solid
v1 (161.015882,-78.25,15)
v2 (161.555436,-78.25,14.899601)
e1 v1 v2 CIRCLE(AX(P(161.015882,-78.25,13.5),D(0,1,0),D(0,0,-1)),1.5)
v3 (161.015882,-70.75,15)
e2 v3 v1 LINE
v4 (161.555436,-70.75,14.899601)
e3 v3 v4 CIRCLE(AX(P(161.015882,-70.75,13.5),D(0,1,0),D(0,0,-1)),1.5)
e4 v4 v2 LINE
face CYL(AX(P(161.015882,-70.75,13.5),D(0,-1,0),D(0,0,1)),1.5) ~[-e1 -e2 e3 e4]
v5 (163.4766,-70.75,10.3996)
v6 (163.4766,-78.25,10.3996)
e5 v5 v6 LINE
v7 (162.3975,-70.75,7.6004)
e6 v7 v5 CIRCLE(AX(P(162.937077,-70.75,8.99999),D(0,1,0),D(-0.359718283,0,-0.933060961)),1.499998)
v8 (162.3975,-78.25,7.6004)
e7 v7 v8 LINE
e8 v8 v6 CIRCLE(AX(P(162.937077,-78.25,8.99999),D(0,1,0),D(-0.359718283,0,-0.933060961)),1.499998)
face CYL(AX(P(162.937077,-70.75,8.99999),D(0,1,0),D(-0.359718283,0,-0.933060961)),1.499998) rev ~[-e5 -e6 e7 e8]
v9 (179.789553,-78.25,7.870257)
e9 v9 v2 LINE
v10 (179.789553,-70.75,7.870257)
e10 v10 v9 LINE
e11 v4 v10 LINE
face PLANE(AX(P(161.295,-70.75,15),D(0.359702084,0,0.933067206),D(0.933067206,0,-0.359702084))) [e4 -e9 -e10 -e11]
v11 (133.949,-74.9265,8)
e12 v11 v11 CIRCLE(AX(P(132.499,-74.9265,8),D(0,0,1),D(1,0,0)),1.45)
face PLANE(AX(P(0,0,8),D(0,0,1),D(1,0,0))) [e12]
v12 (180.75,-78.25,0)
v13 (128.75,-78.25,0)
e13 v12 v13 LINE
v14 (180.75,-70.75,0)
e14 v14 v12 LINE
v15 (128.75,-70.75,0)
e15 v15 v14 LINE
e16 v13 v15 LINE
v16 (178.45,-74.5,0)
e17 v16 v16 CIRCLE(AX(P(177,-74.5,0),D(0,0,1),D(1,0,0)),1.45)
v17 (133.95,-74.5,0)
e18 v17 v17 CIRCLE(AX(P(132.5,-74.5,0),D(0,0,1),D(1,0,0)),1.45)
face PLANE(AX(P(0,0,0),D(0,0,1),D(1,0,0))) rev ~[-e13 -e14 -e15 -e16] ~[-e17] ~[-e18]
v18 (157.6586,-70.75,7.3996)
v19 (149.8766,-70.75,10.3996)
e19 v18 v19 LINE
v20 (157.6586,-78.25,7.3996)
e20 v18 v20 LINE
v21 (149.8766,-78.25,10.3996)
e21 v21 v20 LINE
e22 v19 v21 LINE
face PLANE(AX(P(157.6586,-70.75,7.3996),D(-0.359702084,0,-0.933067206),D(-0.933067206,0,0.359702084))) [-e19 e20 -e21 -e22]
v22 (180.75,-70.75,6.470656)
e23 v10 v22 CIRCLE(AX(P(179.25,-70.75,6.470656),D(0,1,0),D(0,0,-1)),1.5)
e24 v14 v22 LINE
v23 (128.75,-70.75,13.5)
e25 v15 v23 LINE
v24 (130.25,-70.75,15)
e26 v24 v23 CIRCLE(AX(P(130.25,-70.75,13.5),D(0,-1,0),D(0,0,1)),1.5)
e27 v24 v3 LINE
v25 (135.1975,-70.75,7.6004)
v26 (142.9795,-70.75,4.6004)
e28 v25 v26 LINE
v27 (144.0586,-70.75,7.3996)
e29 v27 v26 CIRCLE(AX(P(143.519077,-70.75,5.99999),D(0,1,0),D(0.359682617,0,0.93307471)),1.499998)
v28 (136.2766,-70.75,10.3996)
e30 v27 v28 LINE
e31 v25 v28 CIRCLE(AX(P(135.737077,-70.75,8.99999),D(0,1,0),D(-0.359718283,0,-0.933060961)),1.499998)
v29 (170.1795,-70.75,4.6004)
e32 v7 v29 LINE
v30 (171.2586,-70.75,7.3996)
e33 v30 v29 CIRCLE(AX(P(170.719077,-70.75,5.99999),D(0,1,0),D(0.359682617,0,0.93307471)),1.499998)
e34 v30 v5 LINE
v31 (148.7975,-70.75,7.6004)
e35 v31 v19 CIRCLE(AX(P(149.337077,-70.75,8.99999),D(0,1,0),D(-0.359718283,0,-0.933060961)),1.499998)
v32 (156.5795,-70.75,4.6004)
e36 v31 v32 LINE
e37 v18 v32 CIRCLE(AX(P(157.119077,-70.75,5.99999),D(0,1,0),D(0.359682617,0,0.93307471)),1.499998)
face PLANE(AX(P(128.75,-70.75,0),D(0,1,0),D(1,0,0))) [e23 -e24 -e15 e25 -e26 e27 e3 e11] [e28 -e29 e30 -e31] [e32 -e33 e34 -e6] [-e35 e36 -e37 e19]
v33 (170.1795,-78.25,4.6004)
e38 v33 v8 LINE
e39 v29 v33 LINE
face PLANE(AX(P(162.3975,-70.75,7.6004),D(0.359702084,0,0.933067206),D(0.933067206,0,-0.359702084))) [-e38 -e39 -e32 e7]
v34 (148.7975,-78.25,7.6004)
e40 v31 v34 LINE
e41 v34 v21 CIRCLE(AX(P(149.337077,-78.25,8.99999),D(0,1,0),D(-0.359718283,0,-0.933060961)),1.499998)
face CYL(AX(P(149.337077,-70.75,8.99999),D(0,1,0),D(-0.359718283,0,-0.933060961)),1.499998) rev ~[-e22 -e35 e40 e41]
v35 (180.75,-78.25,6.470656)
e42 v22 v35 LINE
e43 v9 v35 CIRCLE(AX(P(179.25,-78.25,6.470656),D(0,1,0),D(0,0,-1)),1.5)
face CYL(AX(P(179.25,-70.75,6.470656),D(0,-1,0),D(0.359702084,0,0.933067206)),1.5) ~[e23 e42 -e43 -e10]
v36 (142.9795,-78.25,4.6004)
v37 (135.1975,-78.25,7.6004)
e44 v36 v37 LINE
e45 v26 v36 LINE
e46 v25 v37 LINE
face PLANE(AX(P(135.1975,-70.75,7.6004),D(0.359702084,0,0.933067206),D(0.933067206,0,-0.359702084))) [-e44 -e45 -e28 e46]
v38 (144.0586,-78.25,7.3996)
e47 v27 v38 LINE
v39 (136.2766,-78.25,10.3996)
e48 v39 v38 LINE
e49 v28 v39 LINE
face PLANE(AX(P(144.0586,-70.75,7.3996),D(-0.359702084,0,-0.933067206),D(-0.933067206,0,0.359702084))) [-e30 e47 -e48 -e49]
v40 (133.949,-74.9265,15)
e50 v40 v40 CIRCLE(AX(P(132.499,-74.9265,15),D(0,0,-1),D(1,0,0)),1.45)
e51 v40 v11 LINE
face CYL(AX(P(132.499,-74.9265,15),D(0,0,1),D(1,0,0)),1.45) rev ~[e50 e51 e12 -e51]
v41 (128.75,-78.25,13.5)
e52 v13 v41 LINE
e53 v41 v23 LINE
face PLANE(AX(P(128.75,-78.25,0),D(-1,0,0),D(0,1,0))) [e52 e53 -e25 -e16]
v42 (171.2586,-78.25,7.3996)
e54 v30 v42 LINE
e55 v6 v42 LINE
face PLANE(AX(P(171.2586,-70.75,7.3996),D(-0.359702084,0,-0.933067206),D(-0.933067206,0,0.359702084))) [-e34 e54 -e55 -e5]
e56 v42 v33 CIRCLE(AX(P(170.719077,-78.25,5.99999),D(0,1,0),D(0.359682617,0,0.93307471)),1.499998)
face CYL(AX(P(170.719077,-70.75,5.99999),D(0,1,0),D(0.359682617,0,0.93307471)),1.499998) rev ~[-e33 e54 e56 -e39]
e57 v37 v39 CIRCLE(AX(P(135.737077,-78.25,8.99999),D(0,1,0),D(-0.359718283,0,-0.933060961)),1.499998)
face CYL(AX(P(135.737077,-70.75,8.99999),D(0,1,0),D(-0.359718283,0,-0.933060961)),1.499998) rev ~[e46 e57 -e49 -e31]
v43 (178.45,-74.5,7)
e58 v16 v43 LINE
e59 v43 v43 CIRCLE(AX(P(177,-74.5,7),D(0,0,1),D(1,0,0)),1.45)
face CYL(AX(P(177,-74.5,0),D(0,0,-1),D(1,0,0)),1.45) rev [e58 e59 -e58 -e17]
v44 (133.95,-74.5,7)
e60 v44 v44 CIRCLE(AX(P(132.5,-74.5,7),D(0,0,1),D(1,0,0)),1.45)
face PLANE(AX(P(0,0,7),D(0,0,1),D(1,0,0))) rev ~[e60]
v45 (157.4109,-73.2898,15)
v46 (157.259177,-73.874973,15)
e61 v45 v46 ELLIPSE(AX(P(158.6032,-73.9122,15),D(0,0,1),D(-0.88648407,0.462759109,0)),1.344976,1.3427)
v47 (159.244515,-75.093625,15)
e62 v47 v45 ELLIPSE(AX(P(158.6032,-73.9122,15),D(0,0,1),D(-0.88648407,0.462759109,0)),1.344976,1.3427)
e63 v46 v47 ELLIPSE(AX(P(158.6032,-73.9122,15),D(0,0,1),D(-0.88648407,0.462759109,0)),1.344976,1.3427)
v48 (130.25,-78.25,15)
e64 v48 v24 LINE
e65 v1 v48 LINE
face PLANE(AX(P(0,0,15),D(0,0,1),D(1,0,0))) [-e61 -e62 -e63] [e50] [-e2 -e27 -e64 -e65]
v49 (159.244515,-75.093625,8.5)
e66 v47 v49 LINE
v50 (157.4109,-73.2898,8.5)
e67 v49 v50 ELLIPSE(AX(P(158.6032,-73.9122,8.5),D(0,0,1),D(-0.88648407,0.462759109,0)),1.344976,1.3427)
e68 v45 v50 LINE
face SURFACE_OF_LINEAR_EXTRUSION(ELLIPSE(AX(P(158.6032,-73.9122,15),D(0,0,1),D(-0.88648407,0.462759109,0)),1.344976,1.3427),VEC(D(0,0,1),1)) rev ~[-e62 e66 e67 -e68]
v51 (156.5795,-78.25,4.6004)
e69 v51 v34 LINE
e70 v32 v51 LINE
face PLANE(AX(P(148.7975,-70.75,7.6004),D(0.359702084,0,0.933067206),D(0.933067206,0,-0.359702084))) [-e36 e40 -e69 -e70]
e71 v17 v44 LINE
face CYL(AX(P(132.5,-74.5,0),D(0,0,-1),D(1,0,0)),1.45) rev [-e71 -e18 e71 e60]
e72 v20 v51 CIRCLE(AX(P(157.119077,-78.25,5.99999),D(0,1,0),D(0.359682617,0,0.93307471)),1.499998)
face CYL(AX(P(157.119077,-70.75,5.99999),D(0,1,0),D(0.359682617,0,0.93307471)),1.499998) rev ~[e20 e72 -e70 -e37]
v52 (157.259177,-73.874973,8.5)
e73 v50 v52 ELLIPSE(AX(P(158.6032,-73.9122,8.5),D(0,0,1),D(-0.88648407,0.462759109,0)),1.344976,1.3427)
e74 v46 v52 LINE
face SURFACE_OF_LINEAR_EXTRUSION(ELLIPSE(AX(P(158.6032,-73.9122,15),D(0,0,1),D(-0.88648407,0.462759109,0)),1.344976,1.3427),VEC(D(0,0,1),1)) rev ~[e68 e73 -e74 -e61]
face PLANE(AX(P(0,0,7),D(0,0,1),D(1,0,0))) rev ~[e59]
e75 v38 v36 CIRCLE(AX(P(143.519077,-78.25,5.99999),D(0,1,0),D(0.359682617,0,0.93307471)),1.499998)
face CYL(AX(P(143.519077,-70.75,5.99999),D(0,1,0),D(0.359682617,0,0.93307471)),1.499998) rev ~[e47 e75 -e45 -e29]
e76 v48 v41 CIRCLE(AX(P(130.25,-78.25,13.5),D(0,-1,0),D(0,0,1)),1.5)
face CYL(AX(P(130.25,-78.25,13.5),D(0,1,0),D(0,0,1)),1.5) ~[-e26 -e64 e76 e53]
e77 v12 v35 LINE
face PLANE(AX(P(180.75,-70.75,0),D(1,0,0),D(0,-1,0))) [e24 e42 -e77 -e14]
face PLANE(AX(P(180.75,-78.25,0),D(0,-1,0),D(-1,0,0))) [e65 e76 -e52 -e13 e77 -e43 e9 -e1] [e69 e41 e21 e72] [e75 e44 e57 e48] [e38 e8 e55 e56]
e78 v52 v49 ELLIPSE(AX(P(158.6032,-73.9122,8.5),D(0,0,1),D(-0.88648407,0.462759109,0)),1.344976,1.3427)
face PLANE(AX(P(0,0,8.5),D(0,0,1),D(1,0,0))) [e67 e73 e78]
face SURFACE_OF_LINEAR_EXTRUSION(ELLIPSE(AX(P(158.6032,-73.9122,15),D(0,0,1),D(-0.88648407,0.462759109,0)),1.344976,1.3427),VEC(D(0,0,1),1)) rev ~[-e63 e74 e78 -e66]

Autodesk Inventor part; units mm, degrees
ref_plane "YZ Plane" through (0, 0, 0) normal (1, 0, 0) x (0, 1, 0)
ref_plane "XZ Plane" through (0, 0, 0) normal (0, 1, 0) x (-1, 0, 0)
ref_plane "XY Plane" through (0, 0, 0) normal (0, 0, 1) x (1, 0, 0)
ref_plane "Work Plane1" through (0, 0, 0) normal (0, 0, 1) x (1, 0, 0)
sketch "Sketch1" plane through (0, 0, 0) normal (0, 0, 1) x (1, 0, 0)
  circle A0 centre (132.5, -74.5) radius 1.45 projected
  circle A1 centre (177, -74.5) radius 1.45 projected
  line L0 (128.75, -70.75) -> (180.75, -70.75)
  line L1 (180.75, -70.75) -> (180.75, -78.25)
  line L2 (180.75, -78.25) -> (128.75, -78.25)
  line L3 (128.75, -78.25) -> (128.75, -70.75)
  circle A2 centre (132.5, -74.5) radius 1.45
  circle A3 centre (177, -74.5) radius 1.45
  point P0 (0, 0)
  dimension "d0" = 3.75
  dimension "d1" = 3.75
  dimension "d2" = 3.75
  dimension "d3" = 3.75
extrude "Extrusion1" add sketch "Sketch1" along normal blind 15
sketch "Sketch2" plane through (0, 0, 15) normal (0, 0, 1) x (1, 0, 0)
  line L0 (128.75, -78.25) -> (180.75, -78.25) projected
  line L1 (180.75, -78.25) -> (180.75, -70.75) projected
  line L2 (180.75, -70.75) -> (128.75, -70.75) projected
  line L3 (128.75, -70.75) -> (128.75, -78.25) projected
  circle A0 centre (177, -74.5) radius 1.45 projected
  circle A1 centre (132.5, -74.5) radius 1.45 projected
  circle A2 centre (177, -74.5) radius 1.45
  circle A3 centre (132.5, -74.5) radius 1.45
  point P0 (0, 0)
extrude "Extrusion2" add sketch "Sketch2" against normal blind 8 contours A1
sketch "Sketch4" plane through (0, 0, 15) normal (0, 0, 1) x (1, 0, 0)
  circle A0 centre (177, -74.5) radius 1.45 projected
  circle A1 centre (177, -74.5) radius 1.45
  point P0 (0, 0)
extrude "Extrusion3" add sketch "Sketch4" against normal blind 8
sketch "Sketch5" plane through (128.75, -70.75, 0) normal (0, 1, 0) x (1, 0, 0)
  line L0 (52, 0) -> (0, 0) projected
  line L1 (0, 0) -> (0, -15) projected
  line L2 (52, -15) -> (0, -15) projected
  line L3 (52, 0) -> (52, -15) projected
  line L4 (52, -15) -> (0, -15)
  line L5 (0, -15) -> (0, 0)
  line L6 (0, 0) -> (52, 0)
  line L7 (52, 0) -> (52, -15)
  line L8 (52, -15) -> (0, -15) projected
  line L9 (27.805, -15) -> (30.495, -15) projected
  line L10 (30.495, -16) -> (27.805, -16) projected
  line L11 (30.495, -16) -> (30.495, -15)
  line L12 (27.805, -16) -> (27.805, -15)
  line L13 (0, -15) -> (52, -15) projected
  line L14 (32.545, -15) -> (52, -7.5)
  line L15 (52, 0) -> (52, -15) projected
  line L16 (41.9691, -6) -> (34.1871, -9) construction
  line L17 (42.5086, -7.3996) -> (34.7266, -10.3996)
  line L18 (33.6475, -7.6004) -> (41.4295, -4.6004)
  arc A0 (42.5086, -7.3996) -> (41.4295, -4.6004) centre (41.9691, -6) ccw
  arc A1 (33.6475, -7.6004) -> (34.7266, -10.3996) centre (34.1871, -9) ccw
  line L19 (20.0475, -7.6004) -> (27.8295, -4.6004)
  arc A2 (20.0475, -7.6004) -> (21.1266, -10.3996) centre (20.5871, -9) ccw
  line L20 (28.9086, -7.3996) -> (21.1266, -10.3996)
  arc A3 (28.9086, -7.3996) -> (27.8295, -4.6004) centre (28.3691, -6) ccw
  line L21 (-13.6, 0) -> (38.4, 0)
  line L22 (6.4475, -7.6004) -> (14.2295, -4.6004)
  arc A4 (6.4475, -7.6004) -> (7.5266, -10.3996) centre (6.9871, -9) ccw
  line L23 (15.3086, -7.3996) -> (7.5266, -10.3996)
  arc A5 (15.3086, -7.3996) -> (14.2295, -4.6004) centre (14.7691, -6) ccw
  line L24 (-27.2, 0) -> (24.8, 0)
  point P0 (-128.75, 0)
  point P1 (38.0781, -7.5)
  point P2 (52, -7.5)
  point P3 (32.545, -15)
  dimension "d15" = 2.05
  dimension "d21" = 6
  dimension "d22" = 6
  dimension "d23" = 1.5
  dimension "d26" = 13.6
sketch "Sketch6" plane through (0, 0, 15) normal (0, 0, 1) x (1, 0, 0)
  circle A0 centre (132.5, -74.5) radius 1.45 projected
  line L0 (128.75, -78.25) -> (180.75, -78.25) projected
  line L1 (180.75, -78.25) -> (180.75, -70.75) projected
  line L2 (180.75, -70.75) -> (128.75, -70.75) projected
  line L3 (128.75, -70.75) -> (128.75, -78.25) projected
  circle A1 centre (132.499, -74.9265) radius 1.45
  point P0 (0, 0)
  point P1 (132.5, -74.5)
  dimension "d10" = 2.9
  dimension "d14" = 0.4265
extrude "Extrusion4" cut sketch "Sketch6" against normal blind 7 contours A1 A0 | A0 A1 picked at (132.385, -75.1117) picked at (132.6881, -76.0727)
extrude "Extrusion5" cut sketch "Sketch5" against normal blind 8 contours L3 L2 L14 | L17 A1 L18 A0 | L19 A3 L20 A2 | L22 A5 L23 A4
fillet "Fillet1" radius 1.5 3 edges at (180.75, -74.5, 7.5) (161.295, -74.5, 15) (128.75, -74.5, 15)
sketch "Sketch8" plane through (0, 0, 15) normal (0, 0, 1) x (1, 0, 0)
  circle A0 centre (157.9, -75.0575) radius 1.345
  ellipse E0 centre (158.6032, -73.9122) end of major axis (157.4109, -73.2898) minor radius 1.3427 projected
  point P0 (0, 0)
extrude "Extrusion7" cut sketch "Sketch8" against normal blind 6.5 contours A0 E0 | A0 E0 picked at (158.3944, -74.3129) picked at (159.1018, -73.1783)
properties part number "PCB-LNA_Print_CPY"
